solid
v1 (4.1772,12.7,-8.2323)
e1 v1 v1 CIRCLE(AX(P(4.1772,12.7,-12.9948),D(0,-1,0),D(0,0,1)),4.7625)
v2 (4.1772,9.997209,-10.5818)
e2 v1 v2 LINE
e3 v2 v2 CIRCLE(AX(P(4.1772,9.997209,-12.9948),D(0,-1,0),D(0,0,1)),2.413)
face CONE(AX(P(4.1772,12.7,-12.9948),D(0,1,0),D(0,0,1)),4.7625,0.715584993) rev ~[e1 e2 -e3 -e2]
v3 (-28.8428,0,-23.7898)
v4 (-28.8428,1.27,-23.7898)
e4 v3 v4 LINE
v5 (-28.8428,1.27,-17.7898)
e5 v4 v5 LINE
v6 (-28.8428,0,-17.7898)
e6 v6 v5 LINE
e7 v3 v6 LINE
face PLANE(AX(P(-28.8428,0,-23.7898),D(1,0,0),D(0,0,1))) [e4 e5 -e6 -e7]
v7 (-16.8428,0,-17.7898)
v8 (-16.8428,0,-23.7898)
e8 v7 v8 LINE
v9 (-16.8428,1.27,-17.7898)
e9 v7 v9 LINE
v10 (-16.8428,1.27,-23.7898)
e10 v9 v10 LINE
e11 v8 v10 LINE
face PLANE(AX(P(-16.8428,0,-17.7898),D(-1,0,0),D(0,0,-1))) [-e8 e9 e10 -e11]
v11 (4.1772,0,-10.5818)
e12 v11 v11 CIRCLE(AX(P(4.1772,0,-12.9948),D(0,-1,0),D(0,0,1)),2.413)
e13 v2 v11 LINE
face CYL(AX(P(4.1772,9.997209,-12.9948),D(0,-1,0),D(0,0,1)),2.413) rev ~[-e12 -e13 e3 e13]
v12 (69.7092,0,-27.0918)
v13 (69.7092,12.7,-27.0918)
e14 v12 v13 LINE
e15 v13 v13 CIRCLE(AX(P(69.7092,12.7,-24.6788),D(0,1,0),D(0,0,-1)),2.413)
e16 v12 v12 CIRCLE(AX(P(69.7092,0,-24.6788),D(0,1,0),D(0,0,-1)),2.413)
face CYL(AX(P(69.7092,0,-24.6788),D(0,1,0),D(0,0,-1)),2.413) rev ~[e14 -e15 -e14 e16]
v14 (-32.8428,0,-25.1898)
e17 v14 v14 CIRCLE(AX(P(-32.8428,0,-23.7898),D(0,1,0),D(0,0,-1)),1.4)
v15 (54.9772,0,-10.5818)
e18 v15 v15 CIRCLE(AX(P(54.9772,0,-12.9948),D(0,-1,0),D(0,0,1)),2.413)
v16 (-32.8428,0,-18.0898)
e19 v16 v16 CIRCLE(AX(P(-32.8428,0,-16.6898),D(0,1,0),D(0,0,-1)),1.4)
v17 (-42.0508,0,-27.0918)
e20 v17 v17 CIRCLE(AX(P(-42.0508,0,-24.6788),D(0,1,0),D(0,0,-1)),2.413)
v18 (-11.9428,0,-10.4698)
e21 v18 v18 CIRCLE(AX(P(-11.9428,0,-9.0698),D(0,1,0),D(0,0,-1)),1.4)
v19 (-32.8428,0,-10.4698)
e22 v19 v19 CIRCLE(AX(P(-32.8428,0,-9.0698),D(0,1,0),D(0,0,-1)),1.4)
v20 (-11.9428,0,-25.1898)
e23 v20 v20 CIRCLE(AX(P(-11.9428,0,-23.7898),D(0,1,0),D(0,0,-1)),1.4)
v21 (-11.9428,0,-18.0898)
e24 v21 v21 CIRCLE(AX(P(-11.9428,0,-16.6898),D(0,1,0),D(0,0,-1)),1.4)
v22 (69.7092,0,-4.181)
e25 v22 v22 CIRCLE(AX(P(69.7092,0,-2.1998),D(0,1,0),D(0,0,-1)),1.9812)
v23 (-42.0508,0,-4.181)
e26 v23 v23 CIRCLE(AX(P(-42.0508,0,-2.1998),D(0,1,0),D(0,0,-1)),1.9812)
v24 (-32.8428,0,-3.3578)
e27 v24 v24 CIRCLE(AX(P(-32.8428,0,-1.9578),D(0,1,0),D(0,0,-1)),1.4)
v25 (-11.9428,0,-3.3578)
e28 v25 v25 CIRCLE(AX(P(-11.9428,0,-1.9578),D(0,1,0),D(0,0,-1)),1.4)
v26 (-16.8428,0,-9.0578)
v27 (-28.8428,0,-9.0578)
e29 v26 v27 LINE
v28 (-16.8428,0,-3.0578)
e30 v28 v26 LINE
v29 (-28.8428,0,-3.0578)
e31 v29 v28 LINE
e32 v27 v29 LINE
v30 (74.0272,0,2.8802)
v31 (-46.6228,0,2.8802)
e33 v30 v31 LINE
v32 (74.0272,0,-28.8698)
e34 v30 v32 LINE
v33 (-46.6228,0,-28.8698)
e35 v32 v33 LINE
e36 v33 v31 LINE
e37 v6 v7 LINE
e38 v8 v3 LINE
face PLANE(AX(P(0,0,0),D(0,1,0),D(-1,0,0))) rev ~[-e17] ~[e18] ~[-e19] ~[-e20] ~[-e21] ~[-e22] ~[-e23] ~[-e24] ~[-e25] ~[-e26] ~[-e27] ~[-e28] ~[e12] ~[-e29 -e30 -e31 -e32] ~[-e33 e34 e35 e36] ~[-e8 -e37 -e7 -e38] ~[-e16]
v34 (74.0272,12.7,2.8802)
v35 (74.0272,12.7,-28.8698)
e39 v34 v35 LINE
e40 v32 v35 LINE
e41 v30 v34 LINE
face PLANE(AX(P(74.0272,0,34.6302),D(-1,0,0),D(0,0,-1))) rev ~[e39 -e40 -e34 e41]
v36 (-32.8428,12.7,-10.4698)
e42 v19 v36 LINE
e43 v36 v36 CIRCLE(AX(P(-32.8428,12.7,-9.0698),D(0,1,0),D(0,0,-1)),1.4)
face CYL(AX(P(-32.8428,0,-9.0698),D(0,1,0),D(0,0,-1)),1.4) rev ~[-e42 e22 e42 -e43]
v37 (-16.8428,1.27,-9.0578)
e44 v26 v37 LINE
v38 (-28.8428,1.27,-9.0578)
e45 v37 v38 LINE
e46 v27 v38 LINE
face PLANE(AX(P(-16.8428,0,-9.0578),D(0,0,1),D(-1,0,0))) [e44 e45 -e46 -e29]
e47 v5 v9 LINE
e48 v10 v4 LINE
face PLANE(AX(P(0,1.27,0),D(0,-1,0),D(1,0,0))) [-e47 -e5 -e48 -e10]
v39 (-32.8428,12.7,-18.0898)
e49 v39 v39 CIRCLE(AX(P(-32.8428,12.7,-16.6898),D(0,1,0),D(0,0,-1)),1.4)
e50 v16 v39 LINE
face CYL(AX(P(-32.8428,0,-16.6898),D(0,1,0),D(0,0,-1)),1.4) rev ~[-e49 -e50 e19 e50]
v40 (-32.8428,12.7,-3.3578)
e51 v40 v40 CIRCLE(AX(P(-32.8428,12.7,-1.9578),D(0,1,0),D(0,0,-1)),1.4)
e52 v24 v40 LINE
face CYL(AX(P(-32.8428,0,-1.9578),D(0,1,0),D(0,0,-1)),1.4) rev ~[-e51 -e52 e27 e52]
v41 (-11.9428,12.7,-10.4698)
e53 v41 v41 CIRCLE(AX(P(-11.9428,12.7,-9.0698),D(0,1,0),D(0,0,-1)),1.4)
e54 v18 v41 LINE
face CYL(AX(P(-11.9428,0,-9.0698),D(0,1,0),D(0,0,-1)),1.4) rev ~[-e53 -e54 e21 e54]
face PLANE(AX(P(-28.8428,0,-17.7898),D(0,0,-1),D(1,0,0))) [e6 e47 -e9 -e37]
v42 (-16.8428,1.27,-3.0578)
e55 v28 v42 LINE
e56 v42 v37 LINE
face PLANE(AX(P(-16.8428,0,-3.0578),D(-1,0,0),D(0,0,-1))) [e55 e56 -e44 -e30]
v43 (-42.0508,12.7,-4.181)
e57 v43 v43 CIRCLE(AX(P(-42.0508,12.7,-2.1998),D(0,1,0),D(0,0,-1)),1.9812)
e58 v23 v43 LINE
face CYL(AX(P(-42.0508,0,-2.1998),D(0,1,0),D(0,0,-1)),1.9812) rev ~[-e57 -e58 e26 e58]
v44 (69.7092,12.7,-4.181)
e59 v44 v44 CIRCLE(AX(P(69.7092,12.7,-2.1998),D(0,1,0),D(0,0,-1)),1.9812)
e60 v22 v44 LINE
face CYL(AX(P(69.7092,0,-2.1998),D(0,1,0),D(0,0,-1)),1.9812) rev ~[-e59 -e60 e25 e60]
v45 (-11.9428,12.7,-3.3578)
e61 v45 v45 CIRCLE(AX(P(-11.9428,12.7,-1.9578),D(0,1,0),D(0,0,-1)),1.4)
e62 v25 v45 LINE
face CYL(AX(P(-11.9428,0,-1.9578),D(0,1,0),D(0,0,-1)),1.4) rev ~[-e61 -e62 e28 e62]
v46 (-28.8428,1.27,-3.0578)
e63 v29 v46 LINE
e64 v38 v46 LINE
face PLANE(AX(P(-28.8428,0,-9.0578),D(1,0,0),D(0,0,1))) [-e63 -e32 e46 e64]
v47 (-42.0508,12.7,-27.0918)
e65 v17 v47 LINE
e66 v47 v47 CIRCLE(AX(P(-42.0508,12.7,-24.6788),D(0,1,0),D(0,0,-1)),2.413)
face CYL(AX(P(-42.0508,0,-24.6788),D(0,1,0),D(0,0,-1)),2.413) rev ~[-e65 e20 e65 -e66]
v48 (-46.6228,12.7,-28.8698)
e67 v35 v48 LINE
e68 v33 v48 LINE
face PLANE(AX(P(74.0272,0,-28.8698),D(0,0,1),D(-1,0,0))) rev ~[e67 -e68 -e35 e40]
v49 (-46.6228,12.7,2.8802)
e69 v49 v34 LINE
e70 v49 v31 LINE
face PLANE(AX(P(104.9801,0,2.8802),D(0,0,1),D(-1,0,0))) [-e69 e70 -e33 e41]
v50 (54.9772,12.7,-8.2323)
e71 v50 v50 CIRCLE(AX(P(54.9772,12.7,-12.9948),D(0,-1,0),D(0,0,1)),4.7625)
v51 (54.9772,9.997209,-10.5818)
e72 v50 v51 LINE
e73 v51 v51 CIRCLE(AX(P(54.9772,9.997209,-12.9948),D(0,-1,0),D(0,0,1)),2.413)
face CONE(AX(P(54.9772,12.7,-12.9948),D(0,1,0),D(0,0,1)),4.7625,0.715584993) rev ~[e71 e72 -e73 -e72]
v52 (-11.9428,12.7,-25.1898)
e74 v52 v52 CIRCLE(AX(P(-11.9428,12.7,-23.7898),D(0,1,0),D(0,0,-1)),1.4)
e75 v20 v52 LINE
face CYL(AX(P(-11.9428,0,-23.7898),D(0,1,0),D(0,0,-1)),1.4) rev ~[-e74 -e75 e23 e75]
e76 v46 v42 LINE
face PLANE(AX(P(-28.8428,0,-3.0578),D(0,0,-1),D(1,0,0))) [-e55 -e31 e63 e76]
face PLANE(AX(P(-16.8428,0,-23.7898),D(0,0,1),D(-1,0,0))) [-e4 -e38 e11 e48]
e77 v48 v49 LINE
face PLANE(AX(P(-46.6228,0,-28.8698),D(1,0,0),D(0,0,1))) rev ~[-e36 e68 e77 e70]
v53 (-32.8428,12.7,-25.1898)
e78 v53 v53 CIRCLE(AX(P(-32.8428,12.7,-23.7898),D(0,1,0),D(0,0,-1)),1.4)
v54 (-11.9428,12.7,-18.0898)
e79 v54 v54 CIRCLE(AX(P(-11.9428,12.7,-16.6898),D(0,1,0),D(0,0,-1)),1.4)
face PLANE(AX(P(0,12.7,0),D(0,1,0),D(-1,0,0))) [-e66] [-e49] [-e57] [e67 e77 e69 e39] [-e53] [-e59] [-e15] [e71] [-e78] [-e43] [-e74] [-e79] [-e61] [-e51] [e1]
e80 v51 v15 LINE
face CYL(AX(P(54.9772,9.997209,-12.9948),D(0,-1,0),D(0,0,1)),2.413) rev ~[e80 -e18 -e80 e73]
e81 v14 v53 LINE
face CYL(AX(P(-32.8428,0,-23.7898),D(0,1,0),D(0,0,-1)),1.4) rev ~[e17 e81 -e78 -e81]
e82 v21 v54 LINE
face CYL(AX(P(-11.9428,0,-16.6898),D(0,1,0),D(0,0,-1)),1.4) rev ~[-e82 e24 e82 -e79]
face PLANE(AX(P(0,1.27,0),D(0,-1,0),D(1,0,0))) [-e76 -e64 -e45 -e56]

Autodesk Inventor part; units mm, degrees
ref_plane "YZ Plane" through (0, 0, 0) normal (1, 0, 0) x (0, 1, 0)
ref_plane "XZ Plane" through (0, 0, 0) normal (0, 1, 0) x (-1, 0, 0)
ref_plane "XY Plane" through (0, 0, 0) normal (0, 0, 1) x (1, 0, 0)
sketch "Sketch1" plane through (0, 0, 0) normal (0, 1, 0) x (-1, 0, 0)
  line L0 (46.6228, 34.6302) -> (-74.0272, 34.6302)
  line L1 (-74.0272, 34.6302) -> (-74.0272, -28.8698)
  line L2 (-74.0272, -28.8698) -> (46.6228, -28.8698)
  line L3 (46.6228, -28.8698) -> (46.6228, 34.6302)
  point P0 (0, 0)
  dimension "d0" = 120.65
  dimension "d1" = 63.5
extrude "Extrusion1" add sketch "Sketch1" along normal blind 12.7
sketch "Sketch4" plane through (0, 0, 0) normal (0, -1, 0) x (1, 0, 0)
  line L0 (74.0272, -28.8698) -> (-46.6228, -28.8698) projected
  line L1 (-28.8428, 23.5502) -> (-28.8428, 29.5502) projected
  line L2 (-46.6228, -28.8698) -> (-46.6228, 34.6302) projected
  point P0 (0, 0)
  point P1 (-32.8428, -16.6898)
  point P2 (-32.8428, -23.7898)
  point P3 (-11.9428, -23.7898)
  point P4 (-11.9428, -16.6898)
  dimension "d21" = 0
  dimension "d22" = 0
  dimension "d23" = 0
  dimension "d24" = 0
  dimension "d25" = 5.08
  dimension "d26" = 7.1
  dimension "d27" = 20.9
  dimension "d35" = 4
  dimension "d92" = 13.78
hole "Hole2" at (-32.8428, 0, -16.6898) at (-32.8428, 0, -23.7898) at (-11.9428, 0, -23.7898) at (-11.9428, 0, -16.6898) direction (0, 1, 0) diameter 2.8 depth 25.4 tip angle 118
sketch "Sketch6" plane through (0, 0, 0) normal (0, -1, 0) x (1, 0, 0)
  line L0 (-46.6228, 34.6302) -> (74.0272, 34.6302) projected
  line L1 (-46.6228, -28.8698) -> (-46.6228, 34.6302) projected
  line L2 (74.0272, -28.8698) -> (-46.6228, -28.8698) projected
  point P0 (0, 0)
  point P1 (69.7092, -24.6788)
  point P2 (-42.0508, -24.6788)
  point P3 (-42.0508, 30.4392)
  point P4 (69.7092, 30.4392)
  dimension "d43" = 0
  dimension "d44" = 0
  dimension "d46" = 111.76
  dimension "d47" = 0
  dimension "d48" = 0
  dimension "d50" = 4.191
  dimension "d51" = 4.572
  dimension "d91" = 4.191
hole "Hole4" at (69.7092, 0, -24.6788) at (-42.0508, 0, -24.6788) at (-42.0508, 0, 30.4392) at (69.7092, 0, 30.4392) direction (0, 1, 0) diameter 4.8 depth 25.4 tip angle 118
sketch "Sketch10" plane through (0, 12.7, 0) normal (0, 1, 0) x (1, 0, 0)
  circle A0 centre (54.9772, -18.7552) radius 2.413 projected
  circle A1 centre (4.1772, -18.7552) radius 2.413 projected
  line L0 (74.0272, 28.8698) -> (-46.6228, 28.8698) projected
  point P0 (0, 0)
  point P1 (4.1772, 12.9948)
  point P2 (54.9772, 12.9948)
  point P3 (66.6772, 28.8698)
  point P4 (-45.6228, 28.8698)
  dimension "d80" = 0
  dimension "d81" = 0
  dimension "d82" = 0
  dimension "d83" = 15.875
hole "Hole7" at (4.1772, 12.7, -12.9948) at (54.9772, 12.7, -12.9948) direction (0, -1, 0) diameter 4.826 end through all countersink diameter 9.525 countersink angle 82
sketch "Sketch11" plane through (0, 0, 0) normal (0, -1, 0) x (1, 0, 0)
  line L0 (-28.8428, -3.0578) -> (-16.8428, -3.0578)
  line L1 (-16.8428, -3.0578) -> (-16.8428, -9.0578)
  line L2 (-16.8428, -9.0578) -> (-28.8428, -9.0578)
  line L3 (-28.8428, -9.0578) -> (-28.8428, -3.0578)
  line L4 (-28.8428, -17.7898) -> (-16.8428, -17.7898)
  line L5 (-16.8428, -17.7898) -> (-16.8428, -23.7898)
  line L6 (-16.8428, -23.7898) -> (-28.8428, -23.7898)
  line L7 (-28.8428, -23.7898) -> (-28.8428, -17.7898)
  line L8 (-28.8428, 23.5502) -> (-28.8428, 29.5502) projected
  line L9 (-16.8428, 29.5502) -> (-16.8428, 23.5502) projected
  line L10 (74.0272, -28.8698) -> (-46.6228, -28.8698) projected
  point P0 (0, 0)
  dimension "d93" = 0
  dimension "d94" = 0
  dimension "d95" = 0
  dimension "d96" = 0
  dimension "d97" = 6
  dimension "d98" = 6
  dimension "d99" = 5.08
  dimension "d100" = 19.812
extrude "Extrusion4" cut sketch "Sketch11" against normal blind 1.27
sketch "Sketch12" plane through (0, 0, 0) normal (0, -1, 0) x (1, 0, 0)
  circle A0 centre (-42.0508, 30.4392) radius 2.4 projected
  circle A1 centre (69.7092, 30.4392) radius 2.4 projected
  circle A2 centre (69.7092, -24.6788) radius 2.4 projected
  circle A3 centre (-42.0508, -24.6788) radius 2.4 projected
  point P0 (0, 0)
hole "Hole8" at (-42.0508, 0, 30.4392) at (69.7092, 0, 30.4392) at (69.7092, 0, -24.6788) at (-42.0508, 0, -24.6788) direction (0, 1, 0) diameter 4.826 end through all
sketch "Sketch13" plane through (0, 0, 0) normal (0, -1, 0) x (1, 0, 0)
  circle A0 centre (-32.8428, -16.6898) radius 1.4 projected
  circle A1 centre (-32.8428, -23.7898) radius 1.4 projected
  circle A2 centre (-11.9428, -16.6898) radius 1.4 projected
  point P0 (0, 0)
  point P1 (-32.8428, -9.0698)
  point P2 (-32.8428, -1.9578)
  point P3 (-39.7887, 34.6302)
  point P4 (67.4471, 34.6302)
  point P5 (-11.9428, -9.0698)
  point P6 (-11.9428, -1.9578)
  dimension "d112" = 0
  dimension "d113" = 7.112
  dimension "d115" = 7.62
  dimension "d117" = 0
  dimension "d120" = 0
  dimension "d123" = 0
  dimension "d124" = 0
hole "Hole9" at (-32.8428, 0, -9.0698) at (-32.8428, 0, -1.9578) at (-11.9428, 0, -9.0698) at (-11.9428, 0, -1.9578) direction (0, 1, 0) diameter 2.8 end through all
sketch "Sketch15" plane through (0, 12.7, 0) normal (0, 1, 0) x (1, 0, 0)
  circle A0 centre (4.1772, -18.7552) radius 2.413 projected
  circle A1 centre (54.9772, -18.7552) radius 2.413 projected
  circle A2 centre (4.1772, -18.7552) radius 3.3734
  circle A3 centre (54.9772, -18.7552) radius 3.3734
  point P0 (0, 0)
  point P1 (4.1772, 12.9948)
  point P2 (54.9772, 12.9948)
  dimension "d140" = 6.7469
  dimension "d141" = 6.7469
extrude "Extrusion6" [suppressed]
sketch "Sketch16" plane through (0, 0, 0) normal (0, -1, 0) x (1, 0, 0)
  line L0 (-74.1492, 48.5934) -> (104.9801, 48.5934)
  line L1 (104.9801, 48.5934) -> (104.9801, 2.8802)
  line L2 (104.9801, 2.8802) -> (-74.1492, 2.8802)
  line L3 (-74.1492, 2.8802) -> (-74.1492, 48.5934)
  line L4 (-46.6228, 34.6302) -> (74.0272, 34.6302) projected
  point P0 (0, 0)
  dimension "d157" = 31.75
extrude "Extrusion7" cut sketch "Sketch16" against normal blind 25.4
sketch "Sketch17" plane through (0, 0, 0) normal (0, -1, 0) x (1, 0, 0)
  line L0 (74.0272, 2.8802) -> (-46.6228, 2.8802) projected
  line L1 (-46.6228, -28.8698) -> (-46.6228, 2.8802) projected
  line L2 (74.0272, -28.8698) -> (-46.6228, -28.8698) projected
  line L3 (74.0272, 2.8802) -> (74.0272, -28.8698) projected
  circle A0 centre (-11.9428, -9.0698) radius 1.4 projected
  circle A1 centre (-32.8428, -9.0698) radius 1.4 projected
  circle A2 centre (-32.8428, -1.9578) radius 1.4 projected
  circle A3 centre (-11.9428, -1.9578) radius 1.4 projected
  circle A4 centre (69.7092, -24.6788) radius 2.413 projected
  circle A5 centre (-42.0508, -24.6788) radius 2.413 projected
  line L4 (-28.8428, -9.0578) -> (-28.8428, -3.0578) projected
  line L5 (-28.8428, -3.0578) -> (-16.8428, -3.0578) projected
  line L6 (-16.8428, -3.0578) -> (-16.8428, -9.0578) projected
  line L7 (-16.8428, -9.0578) -> (-28.8428, -9.0578) projected
  line L8 (-28.8428, -23.7898) -> (-28.8428, -17.7898) projected
  line L9 (-28.8428, -17.7898) -> (-16.8428, -17.7898) projected
  line L10 (-16.8428, -17.7898) -> (-16.8428, -23.7898) projected
  line L11 (-16.8428, -23.7898) -> (-28.8428, -23.7898) projected
  circle A6 centre (4.1772, -12.9948) radius 2.413 projected
  circle A7 centre (54.9772, -12.9948) radius 2.413 projected
  circle A8 centre (-11.9428, -23.7898) radius 1.4 projected
  circle A9 centre (-32.8428, -16.6898) radius 1.4 projected
  circle A10 centre (-32.8428, -23.7898) radius 1.4 projected
  circle A11 centre (-11.9428, -16.6898) radius 1.4 projected
  circle A12 centre (-42.0508, -24.6788) radius 2.413 projected
  point P0 (0, 0)
  point P1 (-42.0508, -2.1998)
  point P2 (69.7092, -2.1998)
  dimension "d146" = 0
  dimension "d147" = 0
  dimension "d148" = 0
  dimension "d149" = 5.08
hole "Hole10" at (-42.0508, 0, -2.1998) at (69.7092, 0, -2.1998) direction (0, 1, 0) diameter 3.9624 end through all thread size "10-32 UNF" class "2B" standard "ANSI Unified Screw Threads"
equation "\"d1\" = 2 * TalonSRXWidth"
equation "\"d26\" = CanConBetweenTopHoles"
equation "\"d27\" = CanConBetweenSideHoles"
equation "\"d35\" = CanConHoleFromTopPin"
equation "\"d28\" = CanConHoleDiam"
equation "\"d52\" = LegoMainHole"
equation "\"d83\" = TalonSRXFromSide"
equation "\"d125\" = CanConHoleDiam"
equation "\"LegoMainHole\" = 4.8"
equation "\"TalonSRXWidth\" = 31.75"
equation "\"TalonSRXFromSide\" = 15.875"
equation "\"TalonSRXBetweenHoles\" = 50.8"
equation "\"CanConPinWidth\" = 6"
equation "\"CanConPinLength\" = 12"
equation "\"CanConBetweenSideHoles\" = 20.9"
equation "\"CanConBetweenTopHoles\" = 7.1"
equation "\"CanConHoleDiam\" = 2.8"
equation "\"CanConHoleFromTopPin\" = 4"
properties part number "OneTalonSRXPlateTwo"
